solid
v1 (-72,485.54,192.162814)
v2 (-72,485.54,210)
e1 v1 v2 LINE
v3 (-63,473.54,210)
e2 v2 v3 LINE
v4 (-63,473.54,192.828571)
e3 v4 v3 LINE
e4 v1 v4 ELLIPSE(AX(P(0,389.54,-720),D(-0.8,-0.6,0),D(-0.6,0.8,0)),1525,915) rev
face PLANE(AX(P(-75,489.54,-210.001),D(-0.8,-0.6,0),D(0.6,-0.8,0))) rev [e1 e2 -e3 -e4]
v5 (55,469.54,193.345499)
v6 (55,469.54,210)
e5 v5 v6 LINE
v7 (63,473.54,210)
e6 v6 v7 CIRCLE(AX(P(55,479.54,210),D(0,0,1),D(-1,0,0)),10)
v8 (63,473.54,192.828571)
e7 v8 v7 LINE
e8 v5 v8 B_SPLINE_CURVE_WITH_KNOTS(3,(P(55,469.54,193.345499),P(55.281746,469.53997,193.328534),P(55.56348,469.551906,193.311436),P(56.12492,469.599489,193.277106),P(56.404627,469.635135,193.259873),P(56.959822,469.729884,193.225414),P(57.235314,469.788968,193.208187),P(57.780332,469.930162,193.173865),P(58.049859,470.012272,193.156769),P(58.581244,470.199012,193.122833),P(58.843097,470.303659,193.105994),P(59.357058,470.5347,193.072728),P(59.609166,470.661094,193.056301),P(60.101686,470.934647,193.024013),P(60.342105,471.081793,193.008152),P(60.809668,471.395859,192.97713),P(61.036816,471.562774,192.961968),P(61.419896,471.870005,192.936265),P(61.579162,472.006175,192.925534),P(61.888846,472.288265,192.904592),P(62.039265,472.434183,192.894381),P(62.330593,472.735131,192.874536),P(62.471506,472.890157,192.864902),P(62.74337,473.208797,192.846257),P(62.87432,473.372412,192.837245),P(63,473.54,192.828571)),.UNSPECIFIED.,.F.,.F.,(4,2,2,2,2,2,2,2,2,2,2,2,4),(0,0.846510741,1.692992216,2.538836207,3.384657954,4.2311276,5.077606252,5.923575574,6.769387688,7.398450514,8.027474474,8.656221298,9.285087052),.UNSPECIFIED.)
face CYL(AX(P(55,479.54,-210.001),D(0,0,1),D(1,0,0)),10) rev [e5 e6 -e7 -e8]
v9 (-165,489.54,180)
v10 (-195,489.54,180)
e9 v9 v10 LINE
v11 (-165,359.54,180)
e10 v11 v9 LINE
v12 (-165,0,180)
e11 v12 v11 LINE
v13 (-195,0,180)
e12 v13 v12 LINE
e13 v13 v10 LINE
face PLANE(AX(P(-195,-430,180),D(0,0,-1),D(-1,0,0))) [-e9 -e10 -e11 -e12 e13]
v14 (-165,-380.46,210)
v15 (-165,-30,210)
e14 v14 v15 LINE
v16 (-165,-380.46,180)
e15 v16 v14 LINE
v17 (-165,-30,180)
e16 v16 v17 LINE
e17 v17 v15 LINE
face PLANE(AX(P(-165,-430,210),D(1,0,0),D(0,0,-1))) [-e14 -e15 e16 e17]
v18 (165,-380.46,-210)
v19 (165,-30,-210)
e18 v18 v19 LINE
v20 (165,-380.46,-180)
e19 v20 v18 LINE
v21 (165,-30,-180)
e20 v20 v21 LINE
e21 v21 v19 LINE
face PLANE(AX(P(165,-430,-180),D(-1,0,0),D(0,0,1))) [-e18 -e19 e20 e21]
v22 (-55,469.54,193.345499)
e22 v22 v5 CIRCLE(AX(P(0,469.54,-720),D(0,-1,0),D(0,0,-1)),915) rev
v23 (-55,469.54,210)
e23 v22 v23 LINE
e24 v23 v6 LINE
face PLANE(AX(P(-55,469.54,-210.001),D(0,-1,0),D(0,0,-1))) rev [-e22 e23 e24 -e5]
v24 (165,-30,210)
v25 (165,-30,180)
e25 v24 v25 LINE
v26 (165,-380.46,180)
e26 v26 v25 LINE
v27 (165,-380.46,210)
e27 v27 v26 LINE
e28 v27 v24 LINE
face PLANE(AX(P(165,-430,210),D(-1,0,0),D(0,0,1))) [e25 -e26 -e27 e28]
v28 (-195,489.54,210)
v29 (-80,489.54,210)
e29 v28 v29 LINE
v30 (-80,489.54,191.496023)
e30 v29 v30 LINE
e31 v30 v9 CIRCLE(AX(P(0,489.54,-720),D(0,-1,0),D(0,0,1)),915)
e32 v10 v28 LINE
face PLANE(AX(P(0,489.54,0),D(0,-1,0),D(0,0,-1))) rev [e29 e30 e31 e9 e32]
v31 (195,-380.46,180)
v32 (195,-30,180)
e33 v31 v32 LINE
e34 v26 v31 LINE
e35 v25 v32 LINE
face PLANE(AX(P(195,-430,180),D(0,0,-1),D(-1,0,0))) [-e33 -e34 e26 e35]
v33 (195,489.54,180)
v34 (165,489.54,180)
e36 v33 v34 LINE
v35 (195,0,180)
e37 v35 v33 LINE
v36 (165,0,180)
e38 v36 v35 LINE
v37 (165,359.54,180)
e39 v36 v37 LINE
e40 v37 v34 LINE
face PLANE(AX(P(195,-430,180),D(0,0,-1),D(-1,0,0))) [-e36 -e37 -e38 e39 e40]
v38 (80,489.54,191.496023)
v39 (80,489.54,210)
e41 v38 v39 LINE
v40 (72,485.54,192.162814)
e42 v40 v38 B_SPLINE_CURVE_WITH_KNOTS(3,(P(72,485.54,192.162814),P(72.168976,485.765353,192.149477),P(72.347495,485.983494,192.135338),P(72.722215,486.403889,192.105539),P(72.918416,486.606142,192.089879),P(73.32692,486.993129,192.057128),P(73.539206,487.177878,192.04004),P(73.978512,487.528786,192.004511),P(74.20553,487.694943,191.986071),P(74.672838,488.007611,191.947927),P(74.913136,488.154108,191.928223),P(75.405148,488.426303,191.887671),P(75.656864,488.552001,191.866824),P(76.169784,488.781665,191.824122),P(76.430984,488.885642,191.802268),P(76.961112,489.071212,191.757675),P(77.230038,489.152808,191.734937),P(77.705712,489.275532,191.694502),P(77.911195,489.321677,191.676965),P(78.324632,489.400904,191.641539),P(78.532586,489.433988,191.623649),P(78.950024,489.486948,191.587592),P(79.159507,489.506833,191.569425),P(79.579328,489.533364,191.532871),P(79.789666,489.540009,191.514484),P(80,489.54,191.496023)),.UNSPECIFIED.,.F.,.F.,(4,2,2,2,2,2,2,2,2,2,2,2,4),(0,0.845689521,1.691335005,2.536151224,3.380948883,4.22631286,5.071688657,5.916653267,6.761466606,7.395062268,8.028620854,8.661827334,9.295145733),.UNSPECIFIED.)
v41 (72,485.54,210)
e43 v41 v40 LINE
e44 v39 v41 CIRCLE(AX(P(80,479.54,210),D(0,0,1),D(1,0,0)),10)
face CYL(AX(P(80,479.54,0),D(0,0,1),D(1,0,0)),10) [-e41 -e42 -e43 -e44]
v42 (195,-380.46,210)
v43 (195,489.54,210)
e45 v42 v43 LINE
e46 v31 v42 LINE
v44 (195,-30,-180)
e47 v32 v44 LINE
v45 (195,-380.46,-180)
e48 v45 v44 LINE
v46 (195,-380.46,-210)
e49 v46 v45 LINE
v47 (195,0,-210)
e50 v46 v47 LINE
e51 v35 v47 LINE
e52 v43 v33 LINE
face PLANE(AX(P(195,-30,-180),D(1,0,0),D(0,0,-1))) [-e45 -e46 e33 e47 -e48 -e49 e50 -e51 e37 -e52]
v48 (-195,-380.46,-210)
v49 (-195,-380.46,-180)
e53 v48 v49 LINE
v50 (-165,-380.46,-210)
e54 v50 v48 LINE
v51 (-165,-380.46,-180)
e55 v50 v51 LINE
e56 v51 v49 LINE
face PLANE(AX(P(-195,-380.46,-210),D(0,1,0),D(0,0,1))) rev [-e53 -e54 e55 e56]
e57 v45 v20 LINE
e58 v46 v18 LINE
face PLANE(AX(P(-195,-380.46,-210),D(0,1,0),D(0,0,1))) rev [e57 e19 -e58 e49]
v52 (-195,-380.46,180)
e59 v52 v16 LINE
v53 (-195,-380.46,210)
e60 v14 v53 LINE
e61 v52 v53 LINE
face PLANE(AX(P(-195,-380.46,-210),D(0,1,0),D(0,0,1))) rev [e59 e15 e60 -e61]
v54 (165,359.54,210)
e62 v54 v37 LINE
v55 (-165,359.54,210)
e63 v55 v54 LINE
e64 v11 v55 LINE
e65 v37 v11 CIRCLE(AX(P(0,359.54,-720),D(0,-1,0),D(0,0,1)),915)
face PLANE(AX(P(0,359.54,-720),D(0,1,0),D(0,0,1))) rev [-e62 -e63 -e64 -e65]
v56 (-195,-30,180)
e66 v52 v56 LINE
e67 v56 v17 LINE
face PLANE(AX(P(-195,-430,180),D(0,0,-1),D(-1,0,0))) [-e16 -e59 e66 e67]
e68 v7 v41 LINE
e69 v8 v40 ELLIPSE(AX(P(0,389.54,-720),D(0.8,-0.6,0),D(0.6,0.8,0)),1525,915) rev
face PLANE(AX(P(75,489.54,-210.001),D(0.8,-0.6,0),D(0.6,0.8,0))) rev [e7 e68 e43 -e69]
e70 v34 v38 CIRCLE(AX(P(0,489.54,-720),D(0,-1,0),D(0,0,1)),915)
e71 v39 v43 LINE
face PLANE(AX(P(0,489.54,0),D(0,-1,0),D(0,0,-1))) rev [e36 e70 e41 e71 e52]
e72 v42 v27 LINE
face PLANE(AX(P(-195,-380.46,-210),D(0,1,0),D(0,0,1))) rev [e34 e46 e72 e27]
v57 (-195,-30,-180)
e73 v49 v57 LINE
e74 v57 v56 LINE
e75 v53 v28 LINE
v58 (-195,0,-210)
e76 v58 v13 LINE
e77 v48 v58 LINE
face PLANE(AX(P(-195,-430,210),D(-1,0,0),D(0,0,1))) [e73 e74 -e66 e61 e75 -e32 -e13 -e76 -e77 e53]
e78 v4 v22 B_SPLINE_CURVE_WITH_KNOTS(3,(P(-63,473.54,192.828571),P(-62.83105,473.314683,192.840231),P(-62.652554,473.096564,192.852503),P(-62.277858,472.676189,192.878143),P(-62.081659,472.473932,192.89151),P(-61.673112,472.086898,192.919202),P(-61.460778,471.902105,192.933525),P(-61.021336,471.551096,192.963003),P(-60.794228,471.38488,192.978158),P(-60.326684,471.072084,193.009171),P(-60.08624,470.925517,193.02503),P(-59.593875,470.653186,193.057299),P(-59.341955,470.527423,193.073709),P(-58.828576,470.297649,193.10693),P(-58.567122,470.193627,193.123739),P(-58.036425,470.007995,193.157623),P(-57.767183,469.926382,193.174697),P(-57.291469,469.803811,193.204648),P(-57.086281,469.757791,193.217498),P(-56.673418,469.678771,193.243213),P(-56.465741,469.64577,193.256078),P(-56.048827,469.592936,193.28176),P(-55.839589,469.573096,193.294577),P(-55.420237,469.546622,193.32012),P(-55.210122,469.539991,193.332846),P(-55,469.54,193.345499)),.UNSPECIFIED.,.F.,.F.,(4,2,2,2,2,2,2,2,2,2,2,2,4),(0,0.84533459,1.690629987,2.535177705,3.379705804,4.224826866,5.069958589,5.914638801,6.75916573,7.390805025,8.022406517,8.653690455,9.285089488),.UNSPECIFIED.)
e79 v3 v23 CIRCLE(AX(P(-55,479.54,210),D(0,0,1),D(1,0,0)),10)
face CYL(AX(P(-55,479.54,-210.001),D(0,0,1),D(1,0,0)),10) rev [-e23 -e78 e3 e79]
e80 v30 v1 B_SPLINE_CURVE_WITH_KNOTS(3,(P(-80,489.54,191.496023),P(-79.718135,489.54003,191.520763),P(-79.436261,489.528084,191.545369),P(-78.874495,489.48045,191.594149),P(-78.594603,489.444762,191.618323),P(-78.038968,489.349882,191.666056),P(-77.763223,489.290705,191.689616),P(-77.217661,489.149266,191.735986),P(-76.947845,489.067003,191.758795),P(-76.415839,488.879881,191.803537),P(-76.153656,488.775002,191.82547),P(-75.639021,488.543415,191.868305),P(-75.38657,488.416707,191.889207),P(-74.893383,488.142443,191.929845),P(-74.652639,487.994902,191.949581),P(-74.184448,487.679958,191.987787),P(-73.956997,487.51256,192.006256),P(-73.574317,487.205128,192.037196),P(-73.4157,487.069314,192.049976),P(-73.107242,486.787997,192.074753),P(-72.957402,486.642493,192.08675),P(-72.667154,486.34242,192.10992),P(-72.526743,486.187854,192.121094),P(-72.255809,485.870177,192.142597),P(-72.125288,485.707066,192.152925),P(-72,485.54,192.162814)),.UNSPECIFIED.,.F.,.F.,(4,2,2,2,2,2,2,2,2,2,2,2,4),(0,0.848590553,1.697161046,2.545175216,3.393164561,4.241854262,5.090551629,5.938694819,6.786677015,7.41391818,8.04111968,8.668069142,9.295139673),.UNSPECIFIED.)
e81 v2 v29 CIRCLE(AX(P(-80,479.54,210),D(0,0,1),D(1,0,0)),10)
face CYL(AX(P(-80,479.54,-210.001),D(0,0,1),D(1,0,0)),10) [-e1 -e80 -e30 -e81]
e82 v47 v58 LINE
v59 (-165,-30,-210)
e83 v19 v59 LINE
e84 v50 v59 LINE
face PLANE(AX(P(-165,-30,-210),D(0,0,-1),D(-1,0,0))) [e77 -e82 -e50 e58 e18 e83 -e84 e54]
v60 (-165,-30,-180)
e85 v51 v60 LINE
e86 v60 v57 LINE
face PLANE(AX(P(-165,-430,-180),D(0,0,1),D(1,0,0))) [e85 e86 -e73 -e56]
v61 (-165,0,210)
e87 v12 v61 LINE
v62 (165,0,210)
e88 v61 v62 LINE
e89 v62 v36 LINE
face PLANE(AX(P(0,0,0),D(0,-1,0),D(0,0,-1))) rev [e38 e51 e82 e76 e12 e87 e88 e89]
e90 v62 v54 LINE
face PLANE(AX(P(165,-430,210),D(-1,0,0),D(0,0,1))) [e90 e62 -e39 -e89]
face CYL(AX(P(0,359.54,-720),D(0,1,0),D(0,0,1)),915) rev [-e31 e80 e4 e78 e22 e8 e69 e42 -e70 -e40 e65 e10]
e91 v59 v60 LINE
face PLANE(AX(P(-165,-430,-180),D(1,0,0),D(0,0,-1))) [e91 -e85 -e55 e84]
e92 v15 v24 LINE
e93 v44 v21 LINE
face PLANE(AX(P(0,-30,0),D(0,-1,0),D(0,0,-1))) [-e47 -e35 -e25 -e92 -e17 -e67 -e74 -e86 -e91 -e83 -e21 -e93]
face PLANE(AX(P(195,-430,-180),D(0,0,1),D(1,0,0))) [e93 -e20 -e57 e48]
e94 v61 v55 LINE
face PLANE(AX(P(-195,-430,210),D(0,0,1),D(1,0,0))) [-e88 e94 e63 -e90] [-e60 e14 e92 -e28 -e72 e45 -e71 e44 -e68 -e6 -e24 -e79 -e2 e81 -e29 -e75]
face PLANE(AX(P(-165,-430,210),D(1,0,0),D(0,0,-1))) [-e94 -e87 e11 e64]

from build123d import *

# Parameters (mm, degrees)
BOSS_EXTRUDE1_DEPTH        = 489.54
BOSS_EXTRUDE1_DEPTH_BACK   = 430
SKETCH2_W                  = 30
SKETCH2_H                  = 30
BOSS_EXTRUDE1_2_DEPTH      = 489.54
BOSS_EXTRUDE1_2_DEPTH_BACK = 430
SKETCH3_W                  = 30
SKETCH3_H                  = 30
BOSS_EXTRUDE2_DEPTH        = 430
BOSS_EXTRUDE2_2_DEPTH      = 430
BOSS_EXTRUDE3_DEPTH        = 30
BOSS_EXTRUDE4_DEPTH        = 130
CUT_EXTRUDE2_REACH         = 675.85
CUT_EXTRUDE2_END_RADIUS    = 915
FILLET1_R                  = 10
SKETCH8_W                  = 390
SKETCH8_H                  = 49.54
CUT_EXTRUDE3_DEPTH         = 674.850437188


with BuildPart() as part:
    # Sketch2 → Boss-Extrude1 (new, two sides: drawn at the far end of the back side and taken through both)
    with BuildSketch(Plane(origin=(0, 0, 0), x_dir=(1, 0, 0), z_dir=(0, 1, 0)).offset(-BOSS_EXTRUDE1_DEPTH_BACK)):
        with Locations((-180, -195)):
            Rectangle(SKETCH2_W, SKETCH2_H)
    extrude(amount=BOSS_EXTRUDE1_DEPTH + BOSS_EXTRUDE1_DEPTH_BACK)



with BuildPart() as body_2:
    # Sketch2 → Boss-Extrude1 2 (new, two sides: drawn at the far end of the back side and taken through both)
    with BuildSketch(Plane(origin=(0, 0, 0), x_dir=(1, 0, 0), z_dir=(0, 1, 0)).offset(-BOSS_EXTRUDE1_2_DEPTH_BACK)):
        with Locations((180, -195)):
            Rectangle(SKETCH2_W, SKETCH2_H)
    extrude(amount=BOSS_EXTRUDE1_2_DEPTH + BOSS_EXTRUDE1_2_DEPTH_BACK)


with BuildPart() as body_3:
    # Sketch3 → Boss-Extrude2 (new body)
    with BuildSketch(Plane(origin=(0, 0, 0), x_dir=(1, 0, 0), z_dir=(0, 1, 0))):
        with Locations((-180, 195)):
            Rectangle(SKETCH3_W, SKETCH3_H)
    extrude(amount=-BOSS_EXTRUDE2_DEPTH)


with BuildPart() as body_4:
    # Sketch3 → Boss-Extrude2 2 (new body)
    with BuildSketch(Plane(origin=(0, 0, 0), x_dir=(1, 0, 0), z_dir=(0, 1, 0))):
        with Locations((180, 195)):
            Rectangle(SKETCH3_W, SKETCH3_H)
    extrude(amount=-BOSS_EXTRUDE2_2_DEPTH)


with BuildPart() as part_1:
    add(part.part)

    add(body_2.part)  # Boss-Extrude3 merges body 2

    add(body_3.part)  # Boss-Extrude3 merges body 3

    add(body_4.part)  # Boss-Extrude3 merges body 4
    # Sketch4 → Boss-Extrude3 (add)
    with BuildSketch(Plane(origin=(0, 0, 0), x_dir=(1, 0, 0), z_dir=(0, 1, 0))):
        Polygon((-165, 210), (165, 210), (165, 180), (195, 180), (195, -180), (165, -180), (165, -210), (-165, -210), (-165, -180), (-195, -180), (-195, 180), (-165, 180), align=None)
    extrude(amount=-BOSS_EXTRUDE3_DEPTH)

    # Sketch5 → Boss-Extrude4 (add)
    with BuildSketch(Plane(origin=(0, 489.54, 0), x_dir=(1, 0, 0), z_dir=(0, 1, 0))):
        with BuildLine():
            Line((-165, -180), (-165, -210))
            Line((-165, -210), (165, -210))
            Line((165, -210), (165, -180))
            ThreePointArc((165, -180), (0, -195), (-165, -180))
        make_face()
    extrude(amount=-BOSS_EXTRUDE4_DEPTH)

    # Cut-Extrude2: up to this cylinder (the profile starts outside it)
    cut_extrude2_end = Plane(origin=(0, 479.936128, -720), z_dir=(0, 1, 0)) * Cylinder(CUT_EXTRUDE2_END_RADIUS, 3182.7, mode=Mode.PRIVATE)
    # Sketch7 → Cut-Extrude2 (cut, up to the surface)
    with BuildSketch(Plane.XY.offset(210), mode=Mode.PRIVATE) as cut_extrude2_sk1:
        with BuildLine():
            Line((75, 489.54), (-75, 489.54))
            Line((-75, 489.54), (-63, 473.54))
            ThreePointArc((-63, 473.54), (-59.472135955, 470.59572809), (-55, 469.54))
            Line((-55, 469.54), (55, 469.54))
            ThreePointArc((55, 469.54), (59.472135955, 470.59572809), (63, 473.54))
            Line((63, 473.54), (75, 489.54))
        make_face()
    cut_extrude2_tool1 = extrude(cut_extrude2_sk1.sketch, amount=-CUT_EXTRUDE2_REACH, mode=Mode.PRIVATE) - cut_extrude2_end
    add(cut_extrude2_tool1.solids().sort_by_distance((0, 479.936128, 210))[0], mode=Mode.SUBTRACT)

    # Fillet1
    fillet1_edges = [part_1.edges().sort_by_distance(p)[0] for p in [
        (75, 489.54, 200.960524607),
        (-75, 489.54, 200.960524607),
    ]]
    fillet(fillet1_edges, radius=FILLET1_R)

    # Sketch8 → Cut-Extrude3 (cut, through all)
    with BuildSketch(Plane.XY.offset(210)):
        with Locations((0, -405.23)):
            Rectangle(SKETCH8_W, SKETCH8_H)
    extrude(amount=-CUT_EXTRUDE3_DEPTH, mode=Mode.SUBTRACT)


solid = part_1.part
